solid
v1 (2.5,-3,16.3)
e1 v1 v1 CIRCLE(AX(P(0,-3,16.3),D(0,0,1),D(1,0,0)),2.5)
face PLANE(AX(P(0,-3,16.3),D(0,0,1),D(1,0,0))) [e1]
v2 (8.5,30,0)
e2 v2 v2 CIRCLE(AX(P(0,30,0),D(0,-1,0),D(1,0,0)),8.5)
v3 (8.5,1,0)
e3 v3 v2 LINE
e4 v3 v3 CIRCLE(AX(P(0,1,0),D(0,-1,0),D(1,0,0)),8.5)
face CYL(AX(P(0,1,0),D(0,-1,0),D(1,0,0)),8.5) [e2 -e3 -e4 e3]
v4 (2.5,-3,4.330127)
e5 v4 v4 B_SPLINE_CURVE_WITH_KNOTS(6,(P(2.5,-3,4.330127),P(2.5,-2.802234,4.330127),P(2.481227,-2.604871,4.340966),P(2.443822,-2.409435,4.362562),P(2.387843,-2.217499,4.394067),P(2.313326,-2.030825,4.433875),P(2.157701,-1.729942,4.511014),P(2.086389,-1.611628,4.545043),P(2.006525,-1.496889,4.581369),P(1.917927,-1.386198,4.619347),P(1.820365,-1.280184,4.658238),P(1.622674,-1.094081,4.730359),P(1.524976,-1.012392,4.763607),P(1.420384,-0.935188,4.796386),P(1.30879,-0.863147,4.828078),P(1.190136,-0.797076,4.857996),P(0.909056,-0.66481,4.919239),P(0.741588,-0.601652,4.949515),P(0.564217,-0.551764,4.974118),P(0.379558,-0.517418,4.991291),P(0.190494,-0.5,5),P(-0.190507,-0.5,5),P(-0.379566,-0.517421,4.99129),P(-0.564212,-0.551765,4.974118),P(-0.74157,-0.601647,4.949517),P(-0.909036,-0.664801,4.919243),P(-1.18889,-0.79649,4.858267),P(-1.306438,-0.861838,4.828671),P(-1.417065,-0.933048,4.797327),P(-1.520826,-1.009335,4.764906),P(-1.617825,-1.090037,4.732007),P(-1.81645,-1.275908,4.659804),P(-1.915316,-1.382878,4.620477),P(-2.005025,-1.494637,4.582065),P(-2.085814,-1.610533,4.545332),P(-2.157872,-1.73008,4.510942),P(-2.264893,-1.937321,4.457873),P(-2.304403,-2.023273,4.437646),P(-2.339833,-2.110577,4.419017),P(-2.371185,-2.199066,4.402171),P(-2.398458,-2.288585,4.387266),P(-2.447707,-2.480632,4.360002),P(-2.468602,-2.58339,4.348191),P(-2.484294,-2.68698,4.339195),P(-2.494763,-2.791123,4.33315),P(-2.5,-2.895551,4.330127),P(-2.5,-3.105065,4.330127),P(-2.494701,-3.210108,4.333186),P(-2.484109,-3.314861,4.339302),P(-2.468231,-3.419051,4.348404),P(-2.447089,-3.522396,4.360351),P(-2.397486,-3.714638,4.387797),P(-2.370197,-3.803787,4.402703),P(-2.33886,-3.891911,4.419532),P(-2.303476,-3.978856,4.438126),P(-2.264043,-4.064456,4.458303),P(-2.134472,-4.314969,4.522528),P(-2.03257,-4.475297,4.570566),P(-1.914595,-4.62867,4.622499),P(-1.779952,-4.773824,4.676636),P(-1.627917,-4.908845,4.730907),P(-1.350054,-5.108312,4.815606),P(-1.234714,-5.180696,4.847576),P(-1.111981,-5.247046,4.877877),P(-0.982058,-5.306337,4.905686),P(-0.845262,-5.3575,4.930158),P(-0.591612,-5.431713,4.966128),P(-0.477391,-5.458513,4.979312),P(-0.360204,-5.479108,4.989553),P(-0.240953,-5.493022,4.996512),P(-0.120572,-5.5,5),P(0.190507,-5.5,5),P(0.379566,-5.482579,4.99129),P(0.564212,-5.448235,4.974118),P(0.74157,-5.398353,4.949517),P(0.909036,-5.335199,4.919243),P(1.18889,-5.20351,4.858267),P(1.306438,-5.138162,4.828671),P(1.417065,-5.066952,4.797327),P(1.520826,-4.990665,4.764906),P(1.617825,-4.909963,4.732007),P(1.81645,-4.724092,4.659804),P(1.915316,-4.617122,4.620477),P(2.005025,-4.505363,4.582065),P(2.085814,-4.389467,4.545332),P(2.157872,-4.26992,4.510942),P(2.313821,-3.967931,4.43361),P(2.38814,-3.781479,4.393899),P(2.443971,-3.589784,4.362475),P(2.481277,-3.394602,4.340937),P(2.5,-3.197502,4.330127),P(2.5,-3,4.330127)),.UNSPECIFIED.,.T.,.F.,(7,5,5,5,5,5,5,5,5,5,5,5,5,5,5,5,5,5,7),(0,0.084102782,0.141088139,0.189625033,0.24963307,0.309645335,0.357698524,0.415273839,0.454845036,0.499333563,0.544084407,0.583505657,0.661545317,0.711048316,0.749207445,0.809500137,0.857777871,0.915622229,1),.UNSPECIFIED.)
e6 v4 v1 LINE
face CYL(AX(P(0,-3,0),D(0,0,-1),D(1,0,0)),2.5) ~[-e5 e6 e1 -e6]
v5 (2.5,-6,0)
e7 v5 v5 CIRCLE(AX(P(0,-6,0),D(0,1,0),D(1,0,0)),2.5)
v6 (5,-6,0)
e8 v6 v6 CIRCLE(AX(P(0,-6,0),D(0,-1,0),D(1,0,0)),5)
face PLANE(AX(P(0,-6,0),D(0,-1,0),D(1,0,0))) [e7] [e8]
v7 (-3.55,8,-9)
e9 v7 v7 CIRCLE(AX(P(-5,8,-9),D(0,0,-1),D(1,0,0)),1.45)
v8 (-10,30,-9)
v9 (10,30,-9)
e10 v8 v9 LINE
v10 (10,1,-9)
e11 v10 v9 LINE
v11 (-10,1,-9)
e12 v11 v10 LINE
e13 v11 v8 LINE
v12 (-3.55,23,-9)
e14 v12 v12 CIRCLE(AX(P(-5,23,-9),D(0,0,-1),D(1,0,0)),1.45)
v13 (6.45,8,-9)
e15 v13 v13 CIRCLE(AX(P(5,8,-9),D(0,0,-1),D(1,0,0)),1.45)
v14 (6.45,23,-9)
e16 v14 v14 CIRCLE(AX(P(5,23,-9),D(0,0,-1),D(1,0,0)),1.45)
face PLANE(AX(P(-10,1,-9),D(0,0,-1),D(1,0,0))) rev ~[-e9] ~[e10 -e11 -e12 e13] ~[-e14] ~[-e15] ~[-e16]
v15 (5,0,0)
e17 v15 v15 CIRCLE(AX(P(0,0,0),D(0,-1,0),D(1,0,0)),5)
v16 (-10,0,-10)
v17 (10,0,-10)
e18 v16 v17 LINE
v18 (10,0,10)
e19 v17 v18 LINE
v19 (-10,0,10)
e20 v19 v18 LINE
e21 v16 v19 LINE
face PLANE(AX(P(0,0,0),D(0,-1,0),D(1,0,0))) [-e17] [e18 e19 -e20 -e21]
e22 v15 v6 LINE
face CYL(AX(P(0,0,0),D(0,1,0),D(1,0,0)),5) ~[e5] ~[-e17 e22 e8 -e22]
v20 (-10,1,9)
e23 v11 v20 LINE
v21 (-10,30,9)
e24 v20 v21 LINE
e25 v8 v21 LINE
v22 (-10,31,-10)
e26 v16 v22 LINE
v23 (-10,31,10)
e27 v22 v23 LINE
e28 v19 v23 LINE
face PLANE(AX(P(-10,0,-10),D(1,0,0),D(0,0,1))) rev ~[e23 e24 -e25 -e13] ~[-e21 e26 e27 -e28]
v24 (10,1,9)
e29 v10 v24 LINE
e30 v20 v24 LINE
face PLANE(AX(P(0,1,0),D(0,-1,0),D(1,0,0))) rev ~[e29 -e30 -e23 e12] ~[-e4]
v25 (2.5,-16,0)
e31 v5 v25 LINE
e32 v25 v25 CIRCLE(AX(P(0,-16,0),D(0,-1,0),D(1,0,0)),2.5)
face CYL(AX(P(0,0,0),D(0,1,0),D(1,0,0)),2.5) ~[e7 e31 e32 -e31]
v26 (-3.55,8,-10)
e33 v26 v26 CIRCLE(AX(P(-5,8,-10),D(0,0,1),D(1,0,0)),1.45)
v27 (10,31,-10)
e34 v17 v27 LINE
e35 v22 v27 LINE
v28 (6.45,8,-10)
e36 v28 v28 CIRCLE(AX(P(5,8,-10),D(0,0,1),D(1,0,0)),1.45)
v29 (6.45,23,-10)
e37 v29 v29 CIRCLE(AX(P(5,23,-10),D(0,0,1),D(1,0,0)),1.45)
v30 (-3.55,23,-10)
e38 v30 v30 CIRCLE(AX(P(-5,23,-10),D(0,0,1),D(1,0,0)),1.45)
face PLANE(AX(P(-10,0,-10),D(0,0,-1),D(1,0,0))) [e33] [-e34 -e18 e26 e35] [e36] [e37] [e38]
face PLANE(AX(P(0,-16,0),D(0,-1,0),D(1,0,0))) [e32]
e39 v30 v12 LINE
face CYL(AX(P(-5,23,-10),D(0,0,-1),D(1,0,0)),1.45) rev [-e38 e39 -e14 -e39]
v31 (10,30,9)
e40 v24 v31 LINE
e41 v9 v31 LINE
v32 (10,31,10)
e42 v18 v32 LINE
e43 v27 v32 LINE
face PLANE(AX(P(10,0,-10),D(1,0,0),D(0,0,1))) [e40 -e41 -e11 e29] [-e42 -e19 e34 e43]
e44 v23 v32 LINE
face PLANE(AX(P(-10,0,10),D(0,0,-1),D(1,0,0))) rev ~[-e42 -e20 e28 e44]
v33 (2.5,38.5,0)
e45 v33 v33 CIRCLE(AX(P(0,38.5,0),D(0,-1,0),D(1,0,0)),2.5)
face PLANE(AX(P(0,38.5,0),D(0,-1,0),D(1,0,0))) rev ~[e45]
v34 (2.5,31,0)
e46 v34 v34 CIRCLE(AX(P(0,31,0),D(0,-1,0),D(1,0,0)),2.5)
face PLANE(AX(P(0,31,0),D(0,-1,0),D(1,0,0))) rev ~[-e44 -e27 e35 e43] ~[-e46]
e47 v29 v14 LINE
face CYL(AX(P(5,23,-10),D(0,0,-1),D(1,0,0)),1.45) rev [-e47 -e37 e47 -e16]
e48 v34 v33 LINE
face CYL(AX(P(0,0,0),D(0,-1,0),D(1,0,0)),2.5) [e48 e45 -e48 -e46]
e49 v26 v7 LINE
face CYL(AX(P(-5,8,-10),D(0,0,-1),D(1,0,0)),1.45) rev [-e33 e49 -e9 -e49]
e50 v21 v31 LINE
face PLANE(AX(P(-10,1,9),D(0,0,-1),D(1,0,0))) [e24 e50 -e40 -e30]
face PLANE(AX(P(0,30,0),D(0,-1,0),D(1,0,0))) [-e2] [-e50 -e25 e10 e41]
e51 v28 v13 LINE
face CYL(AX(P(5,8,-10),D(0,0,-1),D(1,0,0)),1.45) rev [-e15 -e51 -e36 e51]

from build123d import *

# Parameters (mm, degrees)
SKETCH_W          = 20
SKETCH_H          = 20
PAD_DEPTH         = 31
SKETCH001_R       = 2.5
PAD001_DEPTH      = 16
PAD001_DEPTH_BACK = 38.5
SKETCH002_R       = 2.5
PAD002_DEPTH      = 16.3
SKETCH003_W       = 20
SKETCH003_H       = 18
SKETCH003_R       = 8.5
POCKET_DEPTH      = 29
SKETCH004_R       = 1.45
HOLE_DEPTH        = 2
HOLE_TIPS_R       = 1.45
SKETCH005_R       = 5
PAD003_DEPTH      = 6


with BuildPart() as part:
    # Sketch → Pad (new body)
    with BuildSketch(Plane.XZ):
        Rectangle(SKETCH_W, SKETCH_H)
    extrude(amount=-PAD_DEPTH)

    # Sketch001 → Pad001 (join, two sides)
    with BuildSketch(Plane.XZ) as pad001_sk:
        Circle(SKETCH001_R)
    extrude(amount=PAD001_DEPTH)
    extrude(pad001_sk.sketch, amount=-PAD001_DEPTH_BACK)

    # Sketch002 → Pad002 (join)
    with BuildSketch(Plane.XY):
        with Locations((0, -3)):
            Circle(SKETCH002_R)
    extrude(amount=PAD002_DEPTH)

    # Sketch003 → Pocket (cut)
    with BuildSketch(Plane.XZ.offset(-1)):
        Rectangle(SKETCH003_W, SKETCH003_H)
        Circle(SKETCH003_R, mode=Mode.SUBTRACT)
    extrude(amount=-POCKET_DEPTH, mode=Mode.SUBTRACT)

    # Sketch004 → Hole (cut)
    with BuildSketch(Plane.XY.offset(-10)):
        with Locations((-5, 23)):
            Circle(SKETCH004_R)
        with Locations((-5, 8)):
            Circle(SKETCH004_R)
        with Locations((5, 8)):
            Circle(SKETCH004_R)
        with Locations((5, 23)):
            Circle(SKETCH004_R)
    extrude(amount=HOLE_DEPTH, mode=Mode.SUBTRACT)

    # Hole tips → Hole tip 1 section 0
    with BuildSketch(Plane.XY.offset(-8), mode=Mode.PRIVATE) as hole_tip_1_s0:
        with Locations((-5, 23)):
            Circle(HOLE_TIPS_R)
    loft([hole_tip_1_s0.sketch, Vertex(-5, 23, -7.128752)], mode=Mode.SUBTRACT)

    # Hole tips → Hole tip 2 section 0
    with BuildSketch(Plane.XY.offset(-8), mode=Mode.PRIVATE) as hole_tip_2_s0:
        with Locations((-5, 8)):
            Circle(HOLE_TIPS_R)
    loft([hole_tip_2_s0.sketch, Vertex(-5, 8, -7.128752)], mode=Mode.SUBTRACT)

    # Hole tips → Hole tip 3 section 0
    with BuildSketch(Plane.XY.offset(-8), mode=Mode.PRIVATE) as hole_tip_3_s0:
        with Locations((5, 8)):
            Circle(HOLE_TIPS_R)
    loft([hole_tip_3_s0.sketch, Vertex(5, 8, -7.128752)], mode=Mode.SUBTRACT)

    # Hole tips → Hole tip 4 section 0
    with BuildSketch(Plane.XY.offset(-8), mode=Mode.PRIVATE) as hole_tip_4_s0:
        with Locations((5, 23)):
            Circle(HOLE_TIPS_R)
    loft([hole_tip_4_s0.sketch, Vertex(5, 23, -7.128752)], mode=Mode.SUBTRACT)

    # Sketch005 → Pad003 (join)
    with BuildSketch(Plane.XZ):
        Circle(SKETCH005_R)
    extrude(amount=PAD003_DEPTH)


solid = part.part
